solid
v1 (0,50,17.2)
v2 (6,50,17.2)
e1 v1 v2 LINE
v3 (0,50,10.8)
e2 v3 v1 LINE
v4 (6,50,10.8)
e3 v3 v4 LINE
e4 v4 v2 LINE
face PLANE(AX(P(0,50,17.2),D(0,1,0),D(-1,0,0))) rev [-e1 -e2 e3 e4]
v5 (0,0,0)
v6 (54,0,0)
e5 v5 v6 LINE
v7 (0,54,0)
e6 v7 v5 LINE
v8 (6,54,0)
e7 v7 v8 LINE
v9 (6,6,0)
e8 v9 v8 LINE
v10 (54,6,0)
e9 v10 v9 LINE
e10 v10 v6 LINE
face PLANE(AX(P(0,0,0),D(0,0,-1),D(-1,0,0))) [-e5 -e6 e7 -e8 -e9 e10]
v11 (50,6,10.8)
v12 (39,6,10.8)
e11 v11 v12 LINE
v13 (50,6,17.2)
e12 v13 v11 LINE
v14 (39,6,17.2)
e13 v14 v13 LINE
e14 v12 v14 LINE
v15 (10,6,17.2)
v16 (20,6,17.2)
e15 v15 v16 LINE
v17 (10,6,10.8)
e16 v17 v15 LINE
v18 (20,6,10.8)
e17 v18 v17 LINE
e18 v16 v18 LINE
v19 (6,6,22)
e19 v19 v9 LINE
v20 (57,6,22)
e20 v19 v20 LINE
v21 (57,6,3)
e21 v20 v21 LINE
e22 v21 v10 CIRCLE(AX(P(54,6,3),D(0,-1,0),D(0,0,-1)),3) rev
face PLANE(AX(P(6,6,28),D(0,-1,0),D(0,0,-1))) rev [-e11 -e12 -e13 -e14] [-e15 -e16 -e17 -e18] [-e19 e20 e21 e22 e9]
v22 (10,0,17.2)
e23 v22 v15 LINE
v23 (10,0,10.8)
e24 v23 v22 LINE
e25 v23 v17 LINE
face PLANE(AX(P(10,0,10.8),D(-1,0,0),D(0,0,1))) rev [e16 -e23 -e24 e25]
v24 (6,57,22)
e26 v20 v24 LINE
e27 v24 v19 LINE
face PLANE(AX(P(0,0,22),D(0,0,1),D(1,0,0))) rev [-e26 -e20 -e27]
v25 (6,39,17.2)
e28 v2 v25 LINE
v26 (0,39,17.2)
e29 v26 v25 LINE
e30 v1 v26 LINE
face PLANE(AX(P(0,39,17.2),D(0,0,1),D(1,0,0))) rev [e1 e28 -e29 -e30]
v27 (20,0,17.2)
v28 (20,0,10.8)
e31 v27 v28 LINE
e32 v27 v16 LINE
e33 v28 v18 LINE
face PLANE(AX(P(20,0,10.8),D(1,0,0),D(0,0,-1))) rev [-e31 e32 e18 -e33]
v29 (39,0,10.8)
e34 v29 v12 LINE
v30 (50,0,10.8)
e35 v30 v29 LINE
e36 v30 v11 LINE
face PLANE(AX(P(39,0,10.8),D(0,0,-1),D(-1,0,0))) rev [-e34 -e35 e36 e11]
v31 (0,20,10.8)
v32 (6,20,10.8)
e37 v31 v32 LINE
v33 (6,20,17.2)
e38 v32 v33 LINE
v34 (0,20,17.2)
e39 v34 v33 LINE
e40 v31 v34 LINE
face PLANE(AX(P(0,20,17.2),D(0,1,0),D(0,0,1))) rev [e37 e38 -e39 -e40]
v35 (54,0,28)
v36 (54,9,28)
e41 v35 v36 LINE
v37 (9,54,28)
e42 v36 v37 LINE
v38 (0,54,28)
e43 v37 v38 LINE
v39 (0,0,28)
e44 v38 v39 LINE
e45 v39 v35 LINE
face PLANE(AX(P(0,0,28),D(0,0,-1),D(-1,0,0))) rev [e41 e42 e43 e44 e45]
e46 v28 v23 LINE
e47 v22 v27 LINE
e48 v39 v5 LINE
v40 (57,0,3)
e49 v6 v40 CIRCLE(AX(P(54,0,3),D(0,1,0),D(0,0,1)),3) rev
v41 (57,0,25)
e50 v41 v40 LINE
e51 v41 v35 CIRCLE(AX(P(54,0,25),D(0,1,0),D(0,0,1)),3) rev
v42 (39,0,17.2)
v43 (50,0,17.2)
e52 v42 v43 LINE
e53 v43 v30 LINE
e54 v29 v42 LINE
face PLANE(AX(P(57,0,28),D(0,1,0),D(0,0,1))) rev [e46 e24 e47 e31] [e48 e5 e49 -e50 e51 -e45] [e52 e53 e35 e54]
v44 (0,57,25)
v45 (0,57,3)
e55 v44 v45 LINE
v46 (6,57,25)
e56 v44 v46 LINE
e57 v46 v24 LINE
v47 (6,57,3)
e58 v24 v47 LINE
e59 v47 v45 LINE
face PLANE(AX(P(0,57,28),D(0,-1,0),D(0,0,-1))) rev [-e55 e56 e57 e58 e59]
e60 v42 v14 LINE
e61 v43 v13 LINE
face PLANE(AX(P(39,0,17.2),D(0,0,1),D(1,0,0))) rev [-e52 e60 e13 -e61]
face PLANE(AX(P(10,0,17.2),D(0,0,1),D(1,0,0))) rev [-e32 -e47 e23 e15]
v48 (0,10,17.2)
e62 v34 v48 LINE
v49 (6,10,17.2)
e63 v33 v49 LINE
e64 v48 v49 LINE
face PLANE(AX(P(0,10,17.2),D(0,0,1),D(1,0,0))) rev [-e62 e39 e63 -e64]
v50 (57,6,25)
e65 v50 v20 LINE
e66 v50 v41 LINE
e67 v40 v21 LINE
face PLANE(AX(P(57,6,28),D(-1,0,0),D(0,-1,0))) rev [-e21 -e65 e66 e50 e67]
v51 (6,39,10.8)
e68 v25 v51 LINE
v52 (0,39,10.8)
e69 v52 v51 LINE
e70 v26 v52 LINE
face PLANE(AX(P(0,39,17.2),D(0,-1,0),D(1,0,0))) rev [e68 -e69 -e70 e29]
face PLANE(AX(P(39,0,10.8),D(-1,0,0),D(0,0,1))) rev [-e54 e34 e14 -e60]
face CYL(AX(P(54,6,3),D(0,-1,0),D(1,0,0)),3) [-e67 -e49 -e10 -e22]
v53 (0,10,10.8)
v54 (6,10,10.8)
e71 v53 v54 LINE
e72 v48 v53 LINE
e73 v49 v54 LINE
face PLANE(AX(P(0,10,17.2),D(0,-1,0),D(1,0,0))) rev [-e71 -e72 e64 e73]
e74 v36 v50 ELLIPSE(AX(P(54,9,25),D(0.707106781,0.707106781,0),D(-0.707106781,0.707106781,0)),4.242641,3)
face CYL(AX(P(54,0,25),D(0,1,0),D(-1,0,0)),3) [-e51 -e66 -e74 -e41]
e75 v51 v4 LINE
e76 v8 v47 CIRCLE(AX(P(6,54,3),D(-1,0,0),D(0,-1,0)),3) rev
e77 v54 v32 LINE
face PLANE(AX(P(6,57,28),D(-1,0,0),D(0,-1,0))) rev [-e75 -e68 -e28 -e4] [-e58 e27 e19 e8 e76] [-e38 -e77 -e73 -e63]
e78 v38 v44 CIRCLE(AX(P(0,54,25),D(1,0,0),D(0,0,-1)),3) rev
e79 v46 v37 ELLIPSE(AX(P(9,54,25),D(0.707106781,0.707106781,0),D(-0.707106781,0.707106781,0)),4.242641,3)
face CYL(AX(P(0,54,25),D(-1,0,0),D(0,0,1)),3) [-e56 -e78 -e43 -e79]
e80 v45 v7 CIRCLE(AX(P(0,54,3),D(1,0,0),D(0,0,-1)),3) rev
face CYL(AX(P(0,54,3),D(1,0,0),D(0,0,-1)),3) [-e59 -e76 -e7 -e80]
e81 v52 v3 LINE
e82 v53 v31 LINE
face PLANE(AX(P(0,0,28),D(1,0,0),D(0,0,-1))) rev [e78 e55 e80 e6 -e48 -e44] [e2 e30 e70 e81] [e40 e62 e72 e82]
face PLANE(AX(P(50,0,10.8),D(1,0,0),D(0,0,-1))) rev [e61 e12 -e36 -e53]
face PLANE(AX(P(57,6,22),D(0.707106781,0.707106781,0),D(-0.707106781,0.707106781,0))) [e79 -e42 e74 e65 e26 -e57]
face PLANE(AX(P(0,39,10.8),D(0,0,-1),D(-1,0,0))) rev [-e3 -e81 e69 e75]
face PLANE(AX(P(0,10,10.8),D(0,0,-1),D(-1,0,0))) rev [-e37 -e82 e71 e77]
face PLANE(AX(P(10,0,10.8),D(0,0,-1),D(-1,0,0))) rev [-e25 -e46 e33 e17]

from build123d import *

# Parameters (mm, degrees)
AUFSATZ_LINEAR_AUSTRAGEN1_DEPTH = 28
AUFSATZ_LINEAR_AUSTRAGEN2_DEPTH = 6
SKIZZE3_W                       = 6.4
SKIZZE3_H                       = 11
SKIZZE3_H_2                     = 10
SCHNITT_LINEAR_AUSTRAGEN1_DEPTH = 7
SKIZZE4_W                       = 11
SKIZZE4_H                       = 6.4
SKIZZE4_W_2                     = 10
SCHNITT_LINEAR_AUSTRAGEN2_DEPTH = 7
VERRUNDUNG1_R                   = 3


with BuildPart() as part:
    # Skizze1 → Aufsatz-Linear austragen1 (new body)
    with BuildSketch(Plane.XY):
        Polygon((0, 0), (0, 57), (6, 57), (6, 6), (57, 6), (57, 0), align=None)
    extrude(amount=AUFSATZ_LINEAR_AUSTRAGEN1_DEPTH)

    # Skizze2 → Aufsatz-Linear austragen2 (add)
    with BuildSketch(Plane.XY.offset(28)):
        Polygon((6, 57), (6, 6), (57, 6), align=None)
    extrude(amount=-AUFSATZ_LINEAR_AUSTRAGEN2_DEPTH)

    # Skizze3 → Schnitt-Linear austragen1 (cut, through all)
    with BuildSketch(Plane(origin=(6, 0, 0), x_dir=(0, 0, -1), z_dir=(1, 0, 0))):
        with Locations((-14, 44.5)):
            Rectangle(SKIZZE3_W, SKIZZE3_H)
        with Locations((-14, 15)):
            Rectangle(SKIZZE3_W, SKIZZE3_H_2)
    extrude(amount=-SCHNITT_LINEAR_AUSTRAGEN1_DEPTH, mode=Mode.SUBTRACT)

    # Skizze4 → Schnitt-Linear austragen2 (cut, through all)
    with BuildSketch(Plane(origin=(0, 6, 0), x_dir=(1, 0, 0), z_dir=(0, 1, 0))):
        with Locations((44.5, -14)):
            Rectangle(SKIZZE4_W, SKIZZE4_H)
        with Locations((15, -14)):
            Rectangle(SKIZZE4_W_2, SKIZZE4_H)
    extrude(amount=-SCHNITT_LINEAR_AUSTRAGEN2_DEPTH, mode=Mode.SUBTRACT)

    # Verrundung1
    verrundung1_edges = [part.edges().sort_by_distance(p)[0] for p in [
        (3, 57, 28),
        (3, 57, 0),
        (57, 3, 28),
        (57, 3, 0),
    ]]
    fillet(verrundung1_edges, radius=VERRUNDUNG1_R)


solid = part.part
